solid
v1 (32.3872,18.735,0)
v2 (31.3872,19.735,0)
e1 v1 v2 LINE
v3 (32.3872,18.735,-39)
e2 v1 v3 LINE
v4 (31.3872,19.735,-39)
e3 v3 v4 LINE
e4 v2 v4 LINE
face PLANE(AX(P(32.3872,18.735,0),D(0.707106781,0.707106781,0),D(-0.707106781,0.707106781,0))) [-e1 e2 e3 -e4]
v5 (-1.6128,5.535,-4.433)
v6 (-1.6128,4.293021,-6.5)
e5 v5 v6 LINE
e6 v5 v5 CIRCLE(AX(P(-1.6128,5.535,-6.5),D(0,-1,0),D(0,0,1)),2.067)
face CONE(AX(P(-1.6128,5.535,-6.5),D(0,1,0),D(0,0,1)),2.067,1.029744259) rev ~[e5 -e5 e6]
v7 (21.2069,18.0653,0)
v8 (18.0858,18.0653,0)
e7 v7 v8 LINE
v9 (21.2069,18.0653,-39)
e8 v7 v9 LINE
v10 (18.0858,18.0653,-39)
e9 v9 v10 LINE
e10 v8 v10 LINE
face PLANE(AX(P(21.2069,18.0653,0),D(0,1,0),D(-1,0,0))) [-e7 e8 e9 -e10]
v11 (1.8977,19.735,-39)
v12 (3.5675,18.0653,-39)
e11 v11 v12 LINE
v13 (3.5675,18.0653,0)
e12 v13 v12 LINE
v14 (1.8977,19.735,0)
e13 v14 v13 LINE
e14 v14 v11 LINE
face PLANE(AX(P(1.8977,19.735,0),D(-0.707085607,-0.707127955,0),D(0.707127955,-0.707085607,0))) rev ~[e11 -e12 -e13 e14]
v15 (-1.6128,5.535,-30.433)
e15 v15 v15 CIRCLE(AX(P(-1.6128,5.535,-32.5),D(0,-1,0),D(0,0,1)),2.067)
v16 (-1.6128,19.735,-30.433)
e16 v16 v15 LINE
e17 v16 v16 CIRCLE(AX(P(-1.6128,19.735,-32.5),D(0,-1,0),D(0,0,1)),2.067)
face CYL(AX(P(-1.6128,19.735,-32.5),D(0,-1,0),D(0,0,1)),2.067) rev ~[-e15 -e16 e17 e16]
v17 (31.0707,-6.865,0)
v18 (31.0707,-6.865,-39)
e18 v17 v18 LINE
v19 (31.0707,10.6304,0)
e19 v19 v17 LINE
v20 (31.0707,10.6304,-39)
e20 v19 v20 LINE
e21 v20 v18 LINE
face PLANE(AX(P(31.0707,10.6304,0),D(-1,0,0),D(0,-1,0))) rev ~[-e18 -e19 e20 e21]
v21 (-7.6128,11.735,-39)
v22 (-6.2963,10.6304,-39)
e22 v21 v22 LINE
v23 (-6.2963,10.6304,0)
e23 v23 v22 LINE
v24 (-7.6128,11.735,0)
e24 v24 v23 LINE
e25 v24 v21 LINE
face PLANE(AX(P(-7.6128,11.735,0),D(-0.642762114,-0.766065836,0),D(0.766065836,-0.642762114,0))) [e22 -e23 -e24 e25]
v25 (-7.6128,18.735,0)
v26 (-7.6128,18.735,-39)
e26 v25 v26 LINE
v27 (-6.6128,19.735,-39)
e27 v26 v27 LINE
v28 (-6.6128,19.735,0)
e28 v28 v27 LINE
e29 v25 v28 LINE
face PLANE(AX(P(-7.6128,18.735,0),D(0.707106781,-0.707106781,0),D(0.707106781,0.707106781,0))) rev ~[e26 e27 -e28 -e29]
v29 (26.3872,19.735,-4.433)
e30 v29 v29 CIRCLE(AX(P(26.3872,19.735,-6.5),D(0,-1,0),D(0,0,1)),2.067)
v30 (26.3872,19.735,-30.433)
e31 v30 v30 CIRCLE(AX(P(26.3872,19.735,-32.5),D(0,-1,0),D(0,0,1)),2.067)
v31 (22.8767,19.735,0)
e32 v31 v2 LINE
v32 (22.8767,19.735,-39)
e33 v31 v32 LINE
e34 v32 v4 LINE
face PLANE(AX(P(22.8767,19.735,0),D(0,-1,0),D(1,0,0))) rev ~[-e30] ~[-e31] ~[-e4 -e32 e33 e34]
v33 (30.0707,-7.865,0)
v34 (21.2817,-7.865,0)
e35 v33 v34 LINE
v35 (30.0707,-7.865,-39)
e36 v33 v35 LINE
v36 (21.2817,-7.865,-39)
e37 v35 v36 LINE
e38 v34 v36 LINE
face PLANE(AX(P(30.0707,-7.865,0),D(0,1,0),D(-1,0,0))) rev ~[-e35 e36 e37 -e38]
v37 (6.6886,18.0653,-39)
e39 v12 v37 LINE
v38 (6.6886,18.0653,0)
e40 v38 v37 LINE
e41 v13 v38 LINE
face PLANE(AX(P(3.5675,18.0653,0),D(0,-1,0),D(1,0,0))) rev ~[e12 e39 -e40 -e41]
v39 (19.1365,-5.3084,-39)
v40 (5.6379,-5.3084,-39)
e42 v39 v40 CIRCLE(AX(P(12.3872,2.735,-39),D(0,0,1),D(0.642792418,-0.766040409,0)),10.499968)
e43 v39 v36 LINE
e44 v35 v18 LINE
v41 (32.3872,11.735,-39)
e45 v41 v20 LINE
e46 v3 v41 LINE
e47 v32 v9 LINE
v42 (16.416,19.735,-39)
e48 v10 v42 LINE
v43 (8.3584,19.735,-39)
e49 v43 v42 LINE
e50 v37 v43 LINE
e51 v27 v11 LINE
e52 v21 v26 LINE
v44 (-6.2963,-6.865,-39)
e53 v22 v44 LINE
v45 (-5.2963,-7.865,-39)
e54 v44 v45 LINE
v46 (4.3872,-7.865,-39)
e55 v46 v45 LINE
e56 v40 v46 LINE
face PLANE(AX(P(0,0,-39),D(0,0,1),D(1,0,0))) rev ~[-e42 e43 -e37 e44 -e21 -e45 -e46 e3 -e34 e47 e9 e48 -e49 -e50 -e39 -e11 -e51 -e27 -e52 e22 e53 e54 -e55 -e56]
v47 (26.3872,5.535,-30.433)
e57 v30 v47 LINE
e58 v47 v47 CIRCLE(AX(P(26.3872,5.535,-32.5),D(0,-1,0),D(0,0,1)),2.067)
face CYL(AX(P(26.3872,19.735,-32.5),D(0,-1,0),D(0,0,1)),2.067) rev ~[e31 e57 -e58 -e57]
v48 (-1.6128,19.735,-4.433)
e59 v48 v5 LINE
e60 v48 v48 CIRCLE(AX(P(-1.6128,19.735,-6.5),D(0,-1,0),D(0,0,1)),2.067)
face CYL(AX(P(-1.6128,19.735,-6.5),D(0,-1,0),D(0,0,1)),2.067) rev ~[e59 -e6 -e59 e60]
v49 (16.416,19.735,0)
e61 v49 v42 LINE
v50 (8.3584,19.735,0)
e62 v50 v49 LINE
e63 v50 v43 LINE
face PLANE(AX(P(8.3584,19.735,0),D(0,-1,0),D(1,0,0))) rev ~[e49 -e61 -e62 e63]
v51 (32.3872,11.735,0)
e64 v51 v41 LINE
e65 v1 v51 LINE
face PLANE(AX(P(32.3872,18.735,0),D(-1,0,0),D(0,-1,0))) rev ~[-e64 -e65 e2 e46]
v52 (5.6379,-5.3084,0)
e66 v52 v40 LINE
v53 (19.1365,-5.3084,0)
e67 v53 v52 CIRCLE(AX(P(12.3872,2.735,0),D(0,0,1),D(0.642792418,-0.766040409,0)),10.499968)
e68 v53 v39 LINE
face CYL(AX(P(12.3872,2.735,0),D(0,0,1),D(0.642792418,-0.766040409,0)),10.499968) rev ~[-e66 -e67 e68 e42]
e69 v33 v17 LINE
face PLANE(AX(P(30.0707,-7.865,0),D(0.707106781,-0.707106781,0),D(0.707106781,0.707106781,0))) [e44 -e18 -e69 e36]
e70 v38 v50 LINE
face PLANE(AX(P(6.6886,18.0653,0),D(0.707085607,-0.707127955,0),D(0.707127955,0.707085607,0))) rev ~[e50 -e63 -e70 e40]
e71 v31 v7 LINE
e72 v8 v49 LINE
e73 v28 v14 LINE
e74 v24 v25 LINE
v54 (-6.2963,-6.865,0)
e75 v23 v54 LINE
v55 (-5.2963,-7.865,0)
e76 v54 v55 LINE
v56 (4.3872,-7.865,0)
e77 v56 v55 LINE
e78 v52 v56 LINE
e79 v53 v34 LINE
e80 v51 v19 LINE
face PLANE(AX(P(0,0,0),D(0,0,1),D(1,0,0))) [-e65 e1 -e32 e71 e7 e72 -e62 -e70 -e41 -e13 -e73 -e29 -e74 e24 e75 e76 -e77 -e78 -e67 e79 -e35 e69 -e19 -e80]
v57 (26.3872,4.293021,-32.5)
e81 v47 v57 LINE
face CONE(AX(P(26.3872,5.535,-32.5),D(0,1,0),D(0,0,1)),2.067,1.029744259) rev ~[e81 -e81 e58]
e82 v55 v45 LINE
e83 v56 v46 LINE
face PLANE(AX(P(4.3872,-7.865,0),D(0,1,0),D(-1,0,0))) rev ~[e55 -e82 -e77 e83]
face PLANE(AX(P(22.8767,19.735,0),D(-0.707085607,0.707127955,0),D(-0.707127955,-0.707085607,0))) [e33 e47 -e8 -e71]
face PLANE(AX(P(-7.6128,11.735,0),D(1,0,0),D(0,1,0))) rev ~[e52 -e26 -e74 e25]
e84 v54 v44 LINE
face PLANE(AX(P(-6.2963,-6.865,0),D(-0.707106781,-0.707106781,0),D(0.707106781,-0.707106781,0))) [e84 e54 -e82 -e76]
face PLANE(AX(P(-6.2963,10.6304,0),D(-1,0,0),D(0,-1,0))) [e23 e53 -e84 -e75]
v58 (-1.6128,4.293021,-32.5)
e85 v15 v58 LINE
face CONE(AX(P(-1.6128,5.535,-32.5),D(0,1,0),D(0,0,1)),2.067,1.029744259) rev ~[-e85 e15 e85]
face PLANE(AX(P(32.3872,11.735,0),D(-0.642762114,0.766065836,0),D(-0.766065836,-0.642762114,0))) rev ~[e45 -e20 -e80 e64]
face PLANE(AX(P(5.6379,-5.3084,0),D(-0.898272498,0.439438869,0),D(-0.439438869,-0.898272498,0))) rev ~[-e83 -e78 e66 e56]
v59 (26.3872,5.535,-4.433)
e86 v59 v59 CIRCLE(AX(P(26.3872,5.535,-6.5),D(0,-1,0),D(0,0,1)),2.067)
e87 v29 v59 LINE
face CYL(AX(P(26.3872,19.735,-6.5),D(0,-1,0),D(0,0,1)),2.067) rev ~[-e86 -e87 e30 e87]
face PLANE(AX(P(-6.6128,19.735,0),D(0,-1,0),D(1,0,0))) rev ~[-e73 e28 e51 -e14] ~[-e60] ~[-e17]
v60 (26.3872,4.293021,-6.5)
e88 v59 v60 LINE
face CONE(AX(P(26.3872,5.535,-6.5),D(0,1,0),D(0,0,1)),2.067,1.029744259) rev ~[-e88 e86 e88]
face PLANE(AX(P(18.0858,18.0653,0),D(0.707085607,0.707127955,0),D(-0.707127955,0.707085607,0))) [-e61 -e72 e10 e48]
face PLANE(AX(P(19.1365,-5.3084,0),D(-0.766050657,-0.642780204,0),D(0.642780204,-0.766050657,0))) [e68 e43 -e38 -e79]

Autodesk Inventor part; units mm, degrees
ref_plane "YZ Plane" through (0, 0, 0) normal (1, 0, 0) x (0, 1, 0)
ref_plane "XZ Plane" through (0, 0, 0) normal (0, 1, 0) x (-1, 0, 0)
ref_plane "XY Plane" through (0, 0, 0) normal (0, 0, 1) x (1, 0, 0)
sketch "Esboço1" plane through (0, 0, 0) normal (0, 0, 1) x (1, 0, 0)
  arc A0 (19.1365, -5.3084) -> (5.6379, -5.3084) centre (12.3872, 2.735) ccw
  line L0 (12.3872, 2.735) -> (12.3872, 19.735) construction
  line L1 (32.3872, 18.735) -> (32.3872, 11.735)
  line L2 (-7.6128, 11.735) -> (-7.6128, 18.735)
  circle A1 centre (12.3872, 2.735) radius 4.25 construction
  line L3 (30.0707, -7.865) -> (21.2817, -7.865)
  line L4 (4.3872, -7.865) -> (-5.2963, -7.865)
  line L5 (5.6379, -5.3084) -> (4.3872, -7.865)
  line L6 (19.1365, -5.3084) -> (21.2817, -7.865)
  line L7 (-7.6128, 11.735) -> (-6.2963, 10.6304)
  line L8 (-6.2963, 10.6304) -> (-6.2963, -6.865)
  line L9 (-1.6128, -7.865) -> (-1.6128, 19.735) construction
  line L10 (26.3872, -7.865) -> (26.3872, 19.735) construction
  line L11 (12.3872, 19.735) -> (12.3872, -10.9717) construction
  line L12 (32.3872, 11.735) -> (31.0707, 10.6304)
  line L13 (31.0707, 10.6304) -> (31.0707, -6.865)
  line L14 (1.3434, 19.735) -> (5.648, 19.735) construction
  line L15 (1.8977, 19.735) -> (3.5675, 18.0653)
  line L16 (0.2217, 19.735) -> (2.5831, 19.735) construction
  line L17 (3.5675, 18.0653) -> (6.6886, 18.0653)
  line L18 (6.6886, 18.0653) -> (8.3584, 19.735)
  line L19 (22.8767, 19.735) -> (21.2069, 18.0653)
  line L20 (21.2069, 18.0653) -> (18.0858, 18.0653)
  line L21 (18.0858, 18.0653) -> (16.416, 19.735)
  line L22 (-6.6128, 19.735) -> (1.8977, 19.735)
  line L23 (8.3584, 19.735) -> (16.416, 19.735)
  line L24 (22.8767, 19.735) -> (31.3872, 19.735)
  line L25 (-7.6128, 18.735) -> (-6.6128, 19.735)
  line L26 (-6.2963, -6.865) -> (-5.2963, -7.865)
  line L27 (30.0707, -7.865) -> (31.0707, -6.865)
  line L28 (32.3872, 18.735) -> (31.3872, 19.735)
  point P0 (0, 0)
  point P1 (-7.6128, 19.735)
  point P2 (32.3872, 19.735)
  point P3 (-6.2963, -7.865)
  point P4 (31.0707, -7.865)
  dimension "d0" = 17
  dimension "d2" = 40
  dimension "d4" = 8.5
  dimension "d6" = 20
  dimension "d10" = 8
  dimension "d12" = 14
  dimension "d13" = 14
  dimension "d19" = 1
  dimension "d20" = 1
  dimension "d21" = 1
  dimension "d22" = 1
  dimension "d23" = 1
  dimension "d24" = 1
  dimension "d25" = 1
  dimension "d26" = 1
extrude "Extrusão1" add sketch "Esboço1" against normal blind 39
sketch "Esboço2" plane through (-6.6128, 19.735, 0) normal (0, 1, 0) x (1, 0, 0)
  line L0 (-1, 0) -> (0.3165, 0)
  line L1 (39, 0) -> (39, 39)
  line L2 (-1, 0) -> (39, 0)
  line L3 (39, 0) -> (39, 39)
  line L4 (39, 39) -> (-1, 39)
  line L5 (-1, 0) -> (-1, 39)
  line L6 (-1, 39) -> (-1, 0)
  line L7 (8.5105, 0) -> (0, 0)
  line L8 (11, 39) -> (1.3165, 39)
  line L9 (27.8945, 0) -> (36.6835, 0)
  line L10 (33, 0) -> (33, 39) construction
  line L11 (29.5, 0) -> (8.5, 0)
  line L12 (19, 0) -> (19, 39) construction
  line L13 (8.5, 39) -> (29.5, 39)
  line L14 (11, 39) -> (1.3165, 39) projected
  line L15 (5, 39) -> (5, 0) construction
  line L16 (1.3165, 0) -> (11, 0) projected
  line L17 (-4.598, 19.5) -> (42.402, 19.5) construction
  line L18 (-10.187, 32.5) -> (53.6518, 32.5) construction
  line L19 (-10.187, 6.5) -> (53.6518, 6.5) construction
  circle A0 centre (5, 32.5) radius 1.6801 construction
  circle A1 centre (33, 32.5) radius 1.5751 construction
  circle A2 centre (5, 6.5) radius 1.6801 construction
  circle A3 centre (33, 6.5) radius 1.5751 construction
  point P0 (6.6128, 0)
  point P1 (12.2507, 0)
  point P2 (25.7493, 0)
  point P3 (25.7493, 39)
  point P4 (12.2507, 39)
  dimension "d29" = 14
  dimension "d31" = 14
  dimension "d32" = 47
  dimension "d33" = 13
  dimension "d34" = 13
hole "Furo1" at (-1.6128, 19.735, -32.5) at (26.3872, 19.735, -32.5) at (26.3872, 19.735, -6.5) at (-1.6128, 19.735, -6.5) direction (0, -1, 0) diameter 4.134 depth 14.2 tip angle 118 thread size "M5x0.8" class "6H" standard "ANSI Metric M Profile"
equation "\"d20\" = d19"
equation "\"d21\" = d19"
equation "\"d22\" = d21"
equation "\"d23\" = d19"
equation "\"d24\" = d23"
equation "\"d25\" = d19"
equation "\"d26\" = d25"
properties part number "PilowBlockAberto"
